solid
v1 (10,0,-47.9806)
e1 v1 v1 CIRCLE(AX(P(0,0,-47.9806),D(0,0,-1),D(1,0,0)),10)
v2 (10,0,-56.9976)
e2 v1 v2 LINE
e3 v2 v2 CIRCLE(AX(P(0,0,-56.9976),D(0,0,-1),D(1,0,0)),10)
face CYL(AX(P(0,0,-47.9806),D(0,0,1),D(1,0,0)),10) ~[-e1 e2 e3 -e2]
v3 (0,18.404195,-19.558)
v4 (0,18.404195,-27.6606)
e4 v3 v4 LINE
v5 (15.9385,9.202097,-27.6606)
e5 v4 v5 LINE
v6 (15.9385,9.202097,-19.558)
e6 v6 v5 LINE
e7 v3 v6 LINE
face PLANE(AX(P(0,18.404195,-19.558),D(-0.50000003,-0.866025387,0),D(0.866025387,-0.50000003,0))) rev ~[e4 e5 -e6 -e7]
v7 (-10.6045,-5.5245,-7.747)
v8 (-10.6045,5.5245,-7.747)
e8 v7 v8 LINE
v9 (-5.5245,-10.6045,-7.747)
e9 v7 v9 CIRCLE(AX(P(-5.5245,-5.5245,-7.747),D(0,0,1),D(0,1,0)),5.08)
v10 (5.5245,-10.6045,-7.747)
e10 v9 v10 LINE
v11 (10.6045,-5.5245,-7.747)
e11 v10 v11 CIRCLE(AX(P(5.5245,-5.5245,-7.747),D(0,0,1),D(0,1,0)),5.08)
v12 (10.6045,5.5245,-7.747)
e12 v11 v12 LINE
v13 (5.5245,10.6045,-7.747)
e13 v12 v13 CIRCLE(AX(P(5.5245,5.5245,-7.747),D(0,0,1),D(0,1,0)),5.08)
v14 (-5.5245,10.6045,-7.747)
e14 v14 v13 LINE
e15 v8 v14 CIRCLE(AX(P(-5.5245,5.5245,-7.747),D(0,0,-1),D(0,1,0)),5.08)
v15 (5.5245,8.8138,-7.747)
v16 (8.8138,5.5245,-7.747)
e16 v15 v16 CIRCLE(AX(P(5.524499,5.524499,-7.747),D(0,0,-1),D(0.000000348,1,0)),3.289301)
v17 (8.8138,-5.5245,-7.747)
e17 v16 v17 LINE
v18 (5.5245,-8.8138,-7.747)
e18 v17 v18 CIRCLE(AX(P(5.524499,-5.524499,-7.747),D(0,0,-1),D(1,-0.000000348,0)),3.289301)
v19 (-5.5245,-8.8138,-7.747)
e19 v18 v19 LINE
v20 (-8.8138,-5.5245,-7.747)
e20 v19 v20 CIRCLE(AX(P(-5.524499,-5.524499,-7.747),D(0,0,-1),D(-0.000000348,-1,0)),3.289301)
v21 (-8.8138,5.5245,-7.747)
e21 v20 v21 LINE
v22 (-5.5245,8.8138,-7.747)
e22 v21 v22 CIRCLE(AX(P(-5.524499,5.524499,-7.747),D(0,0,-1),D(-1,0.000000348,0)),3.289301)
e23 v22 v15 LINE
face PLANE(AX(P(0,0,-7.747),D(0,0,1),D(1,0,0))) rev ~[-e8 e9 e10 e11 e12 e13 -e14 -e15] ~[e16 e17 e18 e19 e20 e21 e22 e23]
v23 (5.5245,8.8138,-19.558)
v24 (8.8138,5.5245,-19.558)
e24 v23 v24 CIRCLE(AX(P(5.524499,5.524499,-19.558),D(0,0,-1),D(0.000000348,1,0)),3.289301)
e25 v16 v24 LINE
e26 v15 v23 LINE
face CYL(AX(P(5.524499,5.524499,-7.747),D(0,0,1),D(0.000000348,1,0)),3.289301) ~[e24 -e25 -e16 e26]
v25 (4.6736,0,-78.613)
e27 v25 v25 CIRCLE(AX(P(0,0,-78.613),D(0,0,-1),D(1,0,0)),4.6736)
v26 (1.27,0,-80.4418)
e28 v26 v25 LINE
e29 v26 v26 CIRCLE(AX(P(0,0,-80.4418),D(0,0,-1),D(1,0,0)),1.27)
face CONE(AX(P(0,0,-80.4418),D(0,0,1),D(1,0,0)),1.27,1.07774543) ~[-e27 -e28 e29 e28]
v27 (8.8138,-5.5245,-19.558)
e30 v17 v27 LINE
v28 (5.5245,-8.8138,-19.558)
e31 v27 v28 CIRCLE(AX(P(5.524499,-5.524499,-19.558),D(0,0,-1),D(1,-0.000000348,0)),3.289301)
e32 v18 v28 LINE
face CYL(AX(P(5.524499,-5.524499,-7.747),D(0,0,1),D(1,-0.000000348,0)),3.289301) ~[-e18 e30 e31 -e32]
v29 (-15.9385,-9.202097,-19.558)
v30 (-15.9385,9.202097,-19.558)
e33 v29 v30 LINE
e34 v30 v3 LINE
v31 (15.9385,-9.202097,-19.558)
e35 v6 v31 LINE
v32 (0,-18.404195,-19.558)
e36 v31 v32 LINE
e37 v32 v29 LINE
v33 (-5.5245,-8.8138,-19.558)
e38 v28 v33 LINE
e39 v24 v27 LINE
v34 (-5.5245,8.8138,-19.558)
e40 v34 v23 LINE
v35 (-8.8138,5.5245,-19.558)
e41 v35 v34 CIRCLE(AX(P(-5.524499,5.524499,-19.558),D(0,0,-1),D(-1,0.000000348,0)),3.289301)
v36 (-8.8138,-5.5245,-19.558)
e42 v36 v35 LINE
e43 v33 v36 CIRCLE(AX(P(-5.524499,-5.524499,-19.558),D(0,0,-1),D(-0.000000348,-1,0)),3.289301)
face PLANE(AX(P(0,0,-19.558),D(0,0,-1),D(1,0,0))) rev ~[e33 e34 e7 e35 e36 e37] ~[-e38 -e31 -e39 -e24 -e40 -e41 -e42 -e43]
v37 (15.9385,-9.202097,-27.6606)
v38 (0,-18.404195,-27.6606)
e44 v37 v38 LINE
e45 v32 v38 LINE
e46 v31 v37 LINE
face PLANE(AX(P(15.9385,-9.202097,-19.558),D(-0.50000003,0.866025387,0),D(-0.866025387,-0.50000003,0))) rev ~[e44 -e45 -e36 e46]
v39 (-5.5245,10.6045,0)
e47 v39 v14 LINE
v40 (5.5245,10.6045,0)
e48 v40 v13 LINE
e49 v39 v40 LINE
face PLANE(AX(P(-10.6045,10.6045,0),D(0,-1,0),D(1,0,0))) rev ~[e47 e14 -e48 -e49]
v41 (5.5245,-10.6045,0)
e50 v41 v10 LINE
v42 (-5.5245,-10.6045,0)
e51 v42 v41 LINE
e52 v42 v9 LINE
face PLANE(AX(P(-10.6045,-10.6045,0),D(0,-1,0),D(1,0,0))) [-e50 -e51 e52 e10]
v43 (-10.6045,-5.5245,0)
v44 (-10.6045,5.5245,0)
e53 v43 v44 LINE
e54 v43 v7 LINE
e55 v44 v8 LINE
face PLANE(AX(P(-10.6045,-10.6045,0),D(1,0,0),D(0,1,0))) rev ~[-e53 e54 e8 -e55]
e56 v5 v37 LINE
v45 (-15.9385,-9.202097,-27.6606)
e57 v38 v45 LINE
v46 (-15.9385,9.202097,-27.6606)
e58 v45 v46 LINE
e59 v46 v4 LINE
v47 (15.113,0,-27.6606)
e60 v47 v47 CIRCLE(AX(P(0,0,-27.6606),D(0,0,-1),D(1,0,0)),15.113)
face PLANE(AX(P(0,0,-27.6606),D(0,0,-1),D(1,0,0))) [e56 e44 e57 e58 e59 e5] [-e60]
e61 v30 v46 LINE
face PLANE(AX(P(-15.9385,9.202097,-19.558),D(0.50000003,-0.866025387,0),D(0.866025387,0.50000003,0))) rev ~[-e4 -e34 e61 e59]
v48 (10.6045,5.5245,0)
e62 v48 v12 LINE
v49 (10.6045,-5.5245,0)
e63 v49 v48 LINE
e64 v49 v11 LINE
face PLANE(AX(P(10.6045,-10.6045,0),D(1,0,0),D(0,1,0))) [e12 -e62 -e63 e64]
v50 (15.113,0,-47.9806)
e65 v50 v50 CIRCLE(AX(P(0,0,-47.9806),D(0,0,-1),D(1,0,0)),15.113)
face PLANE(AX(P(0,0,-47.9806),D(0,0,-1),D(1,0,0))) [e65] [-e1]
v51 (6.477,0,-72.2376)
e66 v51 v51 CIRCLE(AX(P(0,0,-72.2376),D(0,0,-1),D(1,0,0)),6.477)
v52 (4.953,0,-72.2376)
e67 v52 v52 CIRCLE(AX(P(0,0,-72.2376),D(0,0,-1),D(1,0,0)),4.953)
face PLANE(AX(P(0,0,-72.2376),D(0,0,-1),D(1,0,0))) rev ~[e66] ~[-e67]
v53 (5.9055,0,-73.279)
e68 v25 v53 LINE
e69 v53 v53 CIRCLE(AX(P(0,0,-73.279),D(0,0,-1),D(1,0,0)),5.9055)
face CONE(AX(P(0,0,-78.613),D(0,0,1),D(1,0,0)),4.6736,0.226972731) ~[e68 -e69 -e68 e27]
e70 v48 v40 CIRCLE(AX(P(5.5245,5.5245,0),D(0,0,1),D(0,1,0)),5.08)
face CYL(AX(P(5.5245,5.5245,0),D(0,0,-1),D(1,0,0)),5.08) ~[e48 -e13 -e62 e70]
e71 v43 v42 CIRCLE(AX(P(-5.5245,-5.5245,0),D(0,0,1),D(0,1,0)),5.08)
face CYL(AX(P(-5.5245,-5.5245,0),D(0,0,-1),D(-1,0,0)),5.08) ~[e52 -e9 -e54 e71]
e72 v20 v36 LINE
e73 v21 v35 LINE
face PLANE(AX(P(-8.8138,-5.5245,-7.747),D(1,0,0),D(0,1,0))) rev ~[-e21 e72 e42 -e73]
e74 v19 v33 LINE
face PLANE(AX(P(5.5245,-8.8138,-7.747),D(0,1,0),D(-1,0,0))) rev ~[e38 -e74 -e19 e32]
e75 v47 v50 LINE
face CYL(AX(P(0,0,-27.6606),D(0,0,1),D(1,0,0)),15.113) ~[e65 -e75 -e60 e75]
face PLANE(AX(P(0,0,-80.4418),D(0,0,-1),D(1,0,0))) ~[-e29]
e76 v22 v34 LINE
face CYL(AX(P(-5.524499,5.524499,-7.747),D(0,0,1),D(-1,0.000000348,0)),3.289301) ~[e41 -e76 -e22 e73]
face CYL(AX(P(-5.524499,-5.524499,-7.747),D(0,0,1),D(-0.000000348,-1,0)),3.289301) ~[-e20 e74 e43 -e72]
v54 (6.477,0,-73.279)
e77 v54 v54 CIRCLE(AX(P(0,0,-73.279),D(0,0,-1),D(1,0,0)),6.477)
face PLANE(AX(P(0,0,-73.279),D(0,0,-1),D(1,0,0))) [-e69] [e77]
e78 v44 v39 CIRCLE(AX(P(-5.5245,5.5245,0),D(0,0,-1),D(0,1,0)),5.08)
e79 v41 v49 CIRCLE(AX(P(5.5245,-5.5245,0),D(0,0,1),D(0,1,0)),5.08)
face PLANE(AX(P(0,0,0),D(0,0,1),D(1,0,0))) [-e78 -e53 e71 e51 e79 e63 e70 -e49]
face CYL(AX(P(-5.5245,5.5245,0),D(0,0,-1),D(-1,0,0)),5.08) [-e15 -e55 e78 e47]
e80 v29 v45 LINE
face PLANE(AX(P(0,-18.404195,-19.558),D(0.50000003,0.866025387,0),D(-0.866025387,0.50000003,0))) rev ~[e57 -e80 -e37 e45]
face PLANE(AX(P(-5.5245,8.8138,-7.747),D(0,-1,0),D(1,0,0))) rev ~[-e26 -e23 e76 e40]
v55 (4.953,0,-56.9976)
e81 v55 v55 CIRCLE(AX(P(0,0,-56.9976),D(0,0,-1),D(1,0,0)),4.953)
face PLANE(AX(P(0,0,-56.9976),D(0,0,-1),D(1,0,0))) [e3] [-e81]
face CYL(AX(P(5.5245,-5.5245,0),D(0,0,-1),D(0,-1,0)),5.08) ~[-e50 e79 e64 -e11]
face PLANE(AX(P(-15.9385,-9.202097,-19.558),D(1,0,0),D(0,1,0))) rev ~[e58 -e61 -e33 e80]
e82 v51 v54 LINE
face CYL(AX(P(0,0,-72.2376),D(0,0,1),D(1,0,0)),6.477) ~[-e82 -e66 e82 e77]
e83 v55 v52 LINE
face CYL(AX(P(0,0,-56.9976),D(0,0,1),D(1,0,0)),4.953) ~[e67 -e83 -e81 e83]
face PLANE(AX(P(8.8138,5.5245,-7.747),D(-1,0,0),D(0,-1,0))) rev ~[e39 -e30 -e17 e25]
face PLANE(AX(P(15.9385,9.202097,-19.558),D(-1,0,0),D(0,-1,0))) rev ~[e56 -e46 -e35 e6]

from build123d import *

# Parameters (mm, degrees)
F0_W      = 21.209
F0_H      = 21.209
F1_DEPTH  = 7.747
F2_R      = 5.08
F4_DEPTH  = 11.811
F6_DEPTH  = 8.1026
F7_R      = 15.113
F8_DEPTH  = 20.32
F9_R      = 10
F10_DEPTH = 9.017
F11_R     = 4.953
F12_DEPTH = 15.24
F13_R     = 6.477
F14_DEPTH = 1.0414


with BuildPart() as f1:
    # F0 (on Top) → F1 (new body)
    with BuildSketch(Plane.XY):
        Rectangle(F0_W, F0_H)
    extrude(amount=-F1_DEPTH)

    # F2
    f2_edges = [f1.edges().sort_by_distance(p)[0] for p in [
        (10.6045, -10.6045, -3.8735),
        (-10.6045, -10.6045, -3.8735),
        (-10.6045, 10.6045, -3.8735),
        (10.6045, 10.6045, -3.8735),
    ]]
    fillet(f2_edges, radius=F2_R)

    # F3 (on face) → F4 (join)
    with BuildSketch(Plane(origin=(0, 0, -7.747), x_dir=(1, 0, 0), z_dir=(0, 0, -1))):
        with BuildLine():
            Line((8.8138, -5.5245), (8.8138, 5.5245))
            ThreePointArc((8.8138, 5.5245), (7.850386, 7.850386), (5.5245, 8.8138))
            Line((5.5245, 8.8138), (-5.5245, 8.8138))
            ThreePointArc((-5.5245, 8.8138), (-7.850386, 7.850386), (-8.8138, 5.5245))
            Line((-8.8138, 5.5245), (-8.8138, -5.5245))
            ThreePointArc((-8.8138, -5.5245), (-7.850386, -7.850386), (-5.5245, -8.8138))
            Line((-5.5245, -8.8138), (5.5245, -8.8138))
            ThreePointArc((5.5245, -8.8138), (7.850386, -7.850386), (8.8138, -5.5245))
        make_face()
    extrude(amount=F4_DEPTH)

    # F5 (on face) → F6 (join)
    with BuildSketch(Plane(origin=(0, 0, -19.558), x_dir=(1, 0, 0), z_dir=(0, 0, -1))):
        Polygon((15.9385, -9.202097), (15.9385, 9.202097), (0, 18.404195), (-15.9385, 9.202097), (-15.9385, -9.202097), (0, -18.404195), align=None)
    extrude(amount=F6_DEPTH)

    # F7 (on face) → F8 (join)
    with BuildSketch(Plane(origin=(0, 0, -27.6606), x_dir=(1, 0, 0), z_dir=(0, 0, -1))):
        Circle(F7_R)
    extrude(amount=F8_DEPTH)

    # F9 (on face) → F10 (join)
    with BuildSketch(Plane(origin=(0, 0, -47.9806), x_dir=(1, 0, 0), z_dir=(0, 0, -1))):
        Circle(F9_R)
    extrude(amount=F10_DEPTH)

    # F11 (on face) → F12 (join)
    with BuildSketch(Plane(origin=(0, 0, -56.9976), x_dir=(1, 0, 0), z_dir=(0, 0, -1))):
        Circle(F11_R)
    extrude(amount=F12_DEPTH)

    # F13 (on face) → F14 (join)
    with BuildSketch(Plane(origin=(0, 0, -72.2376), x_dir=(1, 0, 0), z_dir=(0, 0, -1))):
        Circle(F13_R)
    extrude(amount=F14_DEPTH)

    # F15 (on Front) → F16 (revolve)
    with BuildSketch(Plane.XZ):
        Polygon((5.9055, -73.279), (0, -73.279), (0, -80.4418), (1.27, -80.4418), (4.6736, -78.613), align=None)
    revolve(axis=Axis((0, 0, -76.8604), (0, 0, -1)))


solid = f1.part
